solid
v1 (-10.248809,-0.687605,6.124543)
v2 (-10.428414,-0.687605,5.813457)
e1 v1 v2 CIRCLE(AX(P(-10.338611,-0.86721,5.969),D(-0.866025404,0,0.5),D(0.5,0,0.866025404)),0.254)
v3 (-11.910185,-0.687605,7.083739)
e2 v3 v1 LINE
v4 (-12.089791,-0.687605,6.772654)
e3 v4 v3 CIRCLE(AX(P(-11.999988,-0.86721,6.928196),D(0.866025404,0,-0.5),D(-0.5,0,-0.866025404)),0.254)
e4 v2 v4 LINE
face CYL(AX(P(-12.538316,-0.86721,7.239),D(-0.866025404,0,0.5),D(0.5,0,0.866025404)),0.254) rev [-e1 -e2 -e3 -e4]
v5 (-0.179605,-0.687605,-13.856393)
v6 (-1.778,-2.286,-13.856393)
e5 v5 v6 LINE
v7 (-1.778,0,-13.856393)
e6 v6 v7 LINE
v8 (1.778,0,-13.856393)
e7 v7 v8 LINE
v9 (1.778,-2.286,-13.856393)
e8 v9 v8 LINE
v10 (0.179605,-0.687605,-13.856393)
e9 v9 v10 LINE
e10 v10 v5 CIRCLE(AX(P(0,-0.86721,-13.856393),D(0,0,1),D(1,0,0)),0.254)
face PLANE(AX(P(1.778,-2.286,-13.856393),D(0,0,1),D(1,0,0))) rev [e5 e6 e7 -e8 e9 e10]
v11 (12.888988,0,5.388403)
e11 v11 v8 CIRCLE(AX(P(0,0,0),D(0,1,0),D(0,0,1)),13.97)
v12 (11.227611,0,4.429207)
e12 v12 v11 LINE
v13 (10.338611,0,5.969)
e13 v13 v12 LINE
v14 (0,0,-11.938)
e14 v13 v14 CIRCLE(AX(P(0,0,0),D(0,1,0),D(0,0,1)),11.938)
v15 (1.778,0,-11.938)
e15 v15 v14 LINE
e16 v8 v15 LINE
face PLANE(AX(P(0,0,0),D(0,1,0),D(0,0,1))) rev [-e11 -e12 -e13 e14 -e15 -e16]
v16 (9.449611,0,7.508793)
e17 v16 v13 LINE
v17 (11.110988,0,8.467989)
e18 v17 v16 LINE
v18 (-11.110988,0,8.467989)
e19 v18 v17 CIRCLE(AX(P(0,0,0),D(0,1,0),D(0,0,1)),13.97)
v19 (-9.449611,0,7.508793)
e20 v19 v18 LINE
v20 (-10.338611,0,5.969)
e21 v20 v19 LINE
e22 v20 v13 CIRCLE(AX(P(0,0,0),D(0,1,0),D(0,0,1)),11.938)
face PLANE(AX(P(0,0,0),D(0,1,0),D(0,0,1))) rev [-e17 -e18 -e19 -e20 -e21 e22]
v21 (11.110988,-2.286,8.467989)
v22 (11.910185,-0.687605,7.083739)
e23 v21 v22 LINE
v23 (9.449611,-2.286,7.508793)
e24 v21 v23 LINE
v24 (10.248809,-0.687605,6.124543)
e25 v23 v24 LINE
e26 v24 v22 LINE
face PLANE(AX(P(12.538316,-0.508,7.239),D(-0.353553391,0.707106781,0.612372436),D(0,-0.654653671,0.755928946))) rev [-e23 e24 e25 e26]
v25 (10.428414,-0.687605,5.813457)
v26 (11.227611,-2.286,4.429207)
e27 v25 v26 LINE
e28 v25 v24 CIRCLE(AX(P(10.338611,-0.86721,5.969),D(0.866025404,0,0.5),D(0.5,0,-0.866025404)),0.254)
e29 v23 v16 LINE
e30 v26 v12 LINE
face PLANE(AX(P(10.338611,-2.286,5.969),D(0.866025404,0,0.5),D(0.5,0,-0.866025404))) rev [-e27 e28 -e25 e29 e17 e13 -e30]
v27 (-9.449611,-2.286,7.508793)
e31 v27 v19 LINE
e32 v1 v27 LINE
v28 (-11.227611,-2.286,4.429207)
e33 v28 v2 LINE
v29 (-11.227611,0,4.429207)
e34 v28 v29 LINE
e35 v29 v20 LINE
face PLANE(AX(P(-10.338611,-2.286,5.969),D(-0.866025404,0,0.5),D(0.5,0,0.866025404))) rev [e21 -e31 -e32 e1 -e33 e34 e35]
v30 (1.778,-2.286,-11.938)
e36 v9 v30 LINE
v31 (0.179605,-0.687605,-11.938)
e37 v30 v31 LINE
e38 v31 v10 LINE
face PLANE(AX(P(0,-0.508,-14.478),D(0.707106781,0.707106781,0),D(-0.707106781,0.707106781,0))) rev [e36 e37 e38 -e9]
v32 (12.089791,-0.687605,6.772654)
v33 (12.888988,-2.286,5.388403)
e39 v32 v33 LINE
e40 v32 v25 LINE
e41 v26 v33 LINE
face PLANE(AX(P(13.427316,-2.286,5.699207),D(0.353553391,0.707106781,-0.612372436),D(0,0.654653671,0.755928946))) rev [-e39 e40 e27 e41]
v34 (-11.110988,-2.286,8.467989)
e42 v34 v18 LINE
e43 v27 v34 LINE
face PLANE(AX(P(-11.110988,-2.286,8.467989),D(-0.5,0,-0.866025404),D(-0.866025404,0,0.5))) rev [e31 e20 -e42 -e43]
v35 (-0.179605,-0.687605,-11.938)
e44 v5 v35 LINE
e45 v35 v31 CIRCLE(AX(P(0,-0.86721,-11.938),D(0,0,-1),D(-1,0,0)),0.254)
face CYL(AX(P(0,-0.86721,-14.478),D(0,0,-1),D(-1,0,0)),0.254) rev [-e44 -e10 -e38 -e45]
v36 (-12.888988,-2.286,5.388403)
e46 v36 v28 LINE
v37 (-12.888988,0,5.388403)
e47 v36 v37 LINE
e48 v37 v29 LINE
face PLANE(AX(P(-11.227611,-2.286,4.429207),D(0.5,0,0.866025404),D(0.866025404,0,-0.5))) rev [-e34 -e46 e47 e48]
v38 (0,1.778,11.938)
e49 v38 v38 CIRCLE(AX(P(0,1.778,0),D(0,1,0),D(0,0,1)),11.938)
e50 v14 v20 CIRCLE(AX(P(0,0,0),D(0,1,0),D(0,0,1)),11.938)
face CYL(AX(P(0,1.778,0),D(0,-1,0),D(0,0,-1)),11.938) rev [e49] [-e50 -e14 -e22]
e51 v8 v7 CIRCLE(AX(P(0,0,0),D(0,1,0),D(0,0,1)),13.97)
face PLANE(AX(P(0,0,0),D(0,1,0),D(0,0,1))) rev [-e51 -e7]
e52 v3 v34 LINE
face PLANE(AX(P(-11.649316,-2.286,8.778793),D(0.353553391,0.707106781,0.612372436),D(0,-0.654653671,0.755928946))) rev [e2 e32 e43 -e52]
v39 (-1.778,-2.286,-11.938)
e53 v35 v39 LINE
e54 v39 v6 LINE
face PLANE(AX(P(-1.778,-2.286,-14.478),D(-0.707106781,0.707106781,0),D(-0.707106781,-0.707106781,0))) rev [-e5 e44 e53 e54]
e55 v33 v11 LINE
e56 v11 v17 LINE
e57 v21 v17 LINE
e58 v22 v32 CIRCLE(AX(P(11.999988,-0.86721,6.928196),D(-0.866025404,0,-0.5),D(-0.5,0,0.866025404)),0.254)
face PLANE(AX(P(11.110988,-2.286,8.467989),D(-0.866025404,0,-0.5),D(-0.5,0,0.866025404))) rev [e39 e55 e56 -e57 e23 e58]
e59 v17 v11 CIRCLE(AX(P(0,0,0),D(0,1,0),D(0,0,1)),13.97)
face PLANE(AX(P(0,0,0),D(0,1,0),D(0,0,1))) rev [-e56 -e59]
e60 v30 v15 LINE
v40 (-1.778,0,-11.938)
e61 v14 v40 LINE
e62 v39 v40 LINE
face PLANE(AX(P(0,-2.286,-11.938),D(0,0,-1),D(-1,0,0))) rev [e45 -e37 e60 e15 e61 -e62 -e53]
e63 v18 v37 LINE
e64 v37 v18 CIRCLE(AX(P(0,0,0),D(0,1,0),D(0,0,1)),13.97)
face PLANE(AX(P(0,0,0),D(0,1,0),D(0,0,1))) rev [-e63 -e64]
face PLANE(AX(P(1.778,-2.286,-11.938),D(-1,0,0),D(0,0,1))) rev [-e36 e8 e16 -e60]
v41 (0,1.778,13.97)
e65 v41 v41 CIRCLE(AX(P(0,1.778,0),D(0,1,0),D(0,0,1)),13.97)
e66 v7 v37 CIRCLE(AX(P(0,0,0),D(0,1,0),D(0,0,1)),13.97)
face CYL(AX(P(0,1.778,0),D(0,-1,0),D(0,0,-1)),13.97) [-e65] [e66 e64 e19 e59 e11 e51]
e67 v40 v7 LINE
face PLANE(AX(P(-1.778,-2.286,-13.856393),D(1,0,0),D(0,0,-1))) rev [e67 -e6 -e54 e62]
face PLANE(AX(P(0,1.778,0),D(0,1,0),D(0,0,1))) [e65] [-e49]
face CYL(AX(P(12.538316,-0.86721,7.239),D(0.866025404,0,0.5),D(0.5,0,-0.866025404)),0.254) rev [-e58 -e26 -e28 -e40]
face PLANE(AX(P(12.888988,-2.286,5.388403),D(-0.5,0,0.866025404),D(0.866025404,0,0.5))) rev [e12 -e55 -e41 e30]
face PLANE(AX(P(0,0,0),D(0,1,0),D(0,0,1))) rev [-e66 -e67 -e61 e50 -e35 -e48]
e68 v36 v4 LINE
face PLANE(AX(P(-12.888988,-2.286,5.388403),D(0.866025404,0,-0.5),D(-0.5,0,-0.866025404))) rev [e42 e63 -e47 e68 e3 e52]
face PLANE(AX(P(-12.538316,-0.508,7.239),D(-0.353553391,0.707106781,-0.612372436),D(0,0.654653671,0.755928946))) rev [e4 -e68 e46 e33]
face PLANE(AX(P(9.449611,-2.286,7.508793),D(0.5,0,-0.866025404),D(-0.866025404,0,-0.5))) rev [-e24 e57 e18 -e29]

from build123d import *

# Parameters (mm, degrees)
SKETCH1_R                = 13.97
SKETCH1_R_2              = 11.938
BOSS_EXTRUDE1_DEPTH      = 1.778
BOSS_EXTRUDE2_DEPTH      = 2.286
CUT_EXTRUDE1_DEPTH       = 2.54
FILLET2_R                = 0.254
CIRPATTERN2_COUNT        = 3
FILLET2_OF_CIRPATTERN2_R = 0.254


with BuildPart() as part:
    # Sketch1 → Boss-Extrude1 (new body)
    with BuildSketch(Plane(origin=(0, 0, 0), x_dir=(1, 0, 0), z_dir=(0, 1, 0))):
        with Locations(Location((0, 0, 0), (0, 0, 270))):
            Circle(SKETCH1_R)
        with Locations(Location((0, 0, 0), (0, 0, 270))):
            Circle(SKETCH1_R_2, mode=Mode.SUBTRACT)
    extrude(amount=BOSS_EXTRUDE1_DEPTH)

    # Sketch3 → Boss-Extrude2 (add)
    with BuildSketch(Plane(origin=(0, 0, 0), x_dir=(-1, 0, 0), z_dir=(0, -1, 0))):
        Polygon((0, 11.938), (-1.778, 11.938), (-1.778, 13.856392604), (1.778, 13.856392604), (1.778, 11.938), align=None)
    boss_extrude2 = extrude(amount=BOSS_EXTRUDE2_DEPTH)

    # Sketch4 → Cut-Extrude1 (cut)
    with BuildSketch(Plane.XY.offset(-11.938)):
        Polygon((-1.778, -2.286), (0, -0.508), (1.778, -2.286), align=None)
    cut_extrude1 = extrude(amount=-CUT_EXTRUDE1_DEPTH, mode=Mode.SUBTRACT)

    # Fillet2
    fillet2_edges = [part.edges().sort_by_distance(p)[0] for p in [
        (0, -0.508, -12.897196302),
    ]]
    fillet(fillet2_edges, radius=FILLET2_R)

    # CirPattern2: Boss-Extrude2, Cut-Extrude1 ×3 about axis
    cirpattern2_axis = Axis((0, 0, 0), (0, 1, 0))
    add([boss_extrude2.rotate(cirpattern2_axis, i * 360 / CIRPATTERN2_COUNT) for i in range(1, CIRPATTERN2_COUNT)])
    add([cut_extrude1.rotate(cirpattern2_axis, i * 360 / CIRPATTERN2_COUNT) for i in range(1, CIRPATTERN2_COUNT)], mode=Mode.SUBTRACT)

    # Fillet2 of CirPattern2
    fillet2_of_cirpattern2_edges = [part.edges().sort_by_distance(p)[0] for p in [
        (-11.169299635, -0.508, 6.448598151),
        (11.169299635, -0.508, 6.448598151),
    ]]
    fillet(fillet2_of_cirpattern2_edges, radius=FILLET2_OF_CIRPATTERN2_R)


solid = part.part
